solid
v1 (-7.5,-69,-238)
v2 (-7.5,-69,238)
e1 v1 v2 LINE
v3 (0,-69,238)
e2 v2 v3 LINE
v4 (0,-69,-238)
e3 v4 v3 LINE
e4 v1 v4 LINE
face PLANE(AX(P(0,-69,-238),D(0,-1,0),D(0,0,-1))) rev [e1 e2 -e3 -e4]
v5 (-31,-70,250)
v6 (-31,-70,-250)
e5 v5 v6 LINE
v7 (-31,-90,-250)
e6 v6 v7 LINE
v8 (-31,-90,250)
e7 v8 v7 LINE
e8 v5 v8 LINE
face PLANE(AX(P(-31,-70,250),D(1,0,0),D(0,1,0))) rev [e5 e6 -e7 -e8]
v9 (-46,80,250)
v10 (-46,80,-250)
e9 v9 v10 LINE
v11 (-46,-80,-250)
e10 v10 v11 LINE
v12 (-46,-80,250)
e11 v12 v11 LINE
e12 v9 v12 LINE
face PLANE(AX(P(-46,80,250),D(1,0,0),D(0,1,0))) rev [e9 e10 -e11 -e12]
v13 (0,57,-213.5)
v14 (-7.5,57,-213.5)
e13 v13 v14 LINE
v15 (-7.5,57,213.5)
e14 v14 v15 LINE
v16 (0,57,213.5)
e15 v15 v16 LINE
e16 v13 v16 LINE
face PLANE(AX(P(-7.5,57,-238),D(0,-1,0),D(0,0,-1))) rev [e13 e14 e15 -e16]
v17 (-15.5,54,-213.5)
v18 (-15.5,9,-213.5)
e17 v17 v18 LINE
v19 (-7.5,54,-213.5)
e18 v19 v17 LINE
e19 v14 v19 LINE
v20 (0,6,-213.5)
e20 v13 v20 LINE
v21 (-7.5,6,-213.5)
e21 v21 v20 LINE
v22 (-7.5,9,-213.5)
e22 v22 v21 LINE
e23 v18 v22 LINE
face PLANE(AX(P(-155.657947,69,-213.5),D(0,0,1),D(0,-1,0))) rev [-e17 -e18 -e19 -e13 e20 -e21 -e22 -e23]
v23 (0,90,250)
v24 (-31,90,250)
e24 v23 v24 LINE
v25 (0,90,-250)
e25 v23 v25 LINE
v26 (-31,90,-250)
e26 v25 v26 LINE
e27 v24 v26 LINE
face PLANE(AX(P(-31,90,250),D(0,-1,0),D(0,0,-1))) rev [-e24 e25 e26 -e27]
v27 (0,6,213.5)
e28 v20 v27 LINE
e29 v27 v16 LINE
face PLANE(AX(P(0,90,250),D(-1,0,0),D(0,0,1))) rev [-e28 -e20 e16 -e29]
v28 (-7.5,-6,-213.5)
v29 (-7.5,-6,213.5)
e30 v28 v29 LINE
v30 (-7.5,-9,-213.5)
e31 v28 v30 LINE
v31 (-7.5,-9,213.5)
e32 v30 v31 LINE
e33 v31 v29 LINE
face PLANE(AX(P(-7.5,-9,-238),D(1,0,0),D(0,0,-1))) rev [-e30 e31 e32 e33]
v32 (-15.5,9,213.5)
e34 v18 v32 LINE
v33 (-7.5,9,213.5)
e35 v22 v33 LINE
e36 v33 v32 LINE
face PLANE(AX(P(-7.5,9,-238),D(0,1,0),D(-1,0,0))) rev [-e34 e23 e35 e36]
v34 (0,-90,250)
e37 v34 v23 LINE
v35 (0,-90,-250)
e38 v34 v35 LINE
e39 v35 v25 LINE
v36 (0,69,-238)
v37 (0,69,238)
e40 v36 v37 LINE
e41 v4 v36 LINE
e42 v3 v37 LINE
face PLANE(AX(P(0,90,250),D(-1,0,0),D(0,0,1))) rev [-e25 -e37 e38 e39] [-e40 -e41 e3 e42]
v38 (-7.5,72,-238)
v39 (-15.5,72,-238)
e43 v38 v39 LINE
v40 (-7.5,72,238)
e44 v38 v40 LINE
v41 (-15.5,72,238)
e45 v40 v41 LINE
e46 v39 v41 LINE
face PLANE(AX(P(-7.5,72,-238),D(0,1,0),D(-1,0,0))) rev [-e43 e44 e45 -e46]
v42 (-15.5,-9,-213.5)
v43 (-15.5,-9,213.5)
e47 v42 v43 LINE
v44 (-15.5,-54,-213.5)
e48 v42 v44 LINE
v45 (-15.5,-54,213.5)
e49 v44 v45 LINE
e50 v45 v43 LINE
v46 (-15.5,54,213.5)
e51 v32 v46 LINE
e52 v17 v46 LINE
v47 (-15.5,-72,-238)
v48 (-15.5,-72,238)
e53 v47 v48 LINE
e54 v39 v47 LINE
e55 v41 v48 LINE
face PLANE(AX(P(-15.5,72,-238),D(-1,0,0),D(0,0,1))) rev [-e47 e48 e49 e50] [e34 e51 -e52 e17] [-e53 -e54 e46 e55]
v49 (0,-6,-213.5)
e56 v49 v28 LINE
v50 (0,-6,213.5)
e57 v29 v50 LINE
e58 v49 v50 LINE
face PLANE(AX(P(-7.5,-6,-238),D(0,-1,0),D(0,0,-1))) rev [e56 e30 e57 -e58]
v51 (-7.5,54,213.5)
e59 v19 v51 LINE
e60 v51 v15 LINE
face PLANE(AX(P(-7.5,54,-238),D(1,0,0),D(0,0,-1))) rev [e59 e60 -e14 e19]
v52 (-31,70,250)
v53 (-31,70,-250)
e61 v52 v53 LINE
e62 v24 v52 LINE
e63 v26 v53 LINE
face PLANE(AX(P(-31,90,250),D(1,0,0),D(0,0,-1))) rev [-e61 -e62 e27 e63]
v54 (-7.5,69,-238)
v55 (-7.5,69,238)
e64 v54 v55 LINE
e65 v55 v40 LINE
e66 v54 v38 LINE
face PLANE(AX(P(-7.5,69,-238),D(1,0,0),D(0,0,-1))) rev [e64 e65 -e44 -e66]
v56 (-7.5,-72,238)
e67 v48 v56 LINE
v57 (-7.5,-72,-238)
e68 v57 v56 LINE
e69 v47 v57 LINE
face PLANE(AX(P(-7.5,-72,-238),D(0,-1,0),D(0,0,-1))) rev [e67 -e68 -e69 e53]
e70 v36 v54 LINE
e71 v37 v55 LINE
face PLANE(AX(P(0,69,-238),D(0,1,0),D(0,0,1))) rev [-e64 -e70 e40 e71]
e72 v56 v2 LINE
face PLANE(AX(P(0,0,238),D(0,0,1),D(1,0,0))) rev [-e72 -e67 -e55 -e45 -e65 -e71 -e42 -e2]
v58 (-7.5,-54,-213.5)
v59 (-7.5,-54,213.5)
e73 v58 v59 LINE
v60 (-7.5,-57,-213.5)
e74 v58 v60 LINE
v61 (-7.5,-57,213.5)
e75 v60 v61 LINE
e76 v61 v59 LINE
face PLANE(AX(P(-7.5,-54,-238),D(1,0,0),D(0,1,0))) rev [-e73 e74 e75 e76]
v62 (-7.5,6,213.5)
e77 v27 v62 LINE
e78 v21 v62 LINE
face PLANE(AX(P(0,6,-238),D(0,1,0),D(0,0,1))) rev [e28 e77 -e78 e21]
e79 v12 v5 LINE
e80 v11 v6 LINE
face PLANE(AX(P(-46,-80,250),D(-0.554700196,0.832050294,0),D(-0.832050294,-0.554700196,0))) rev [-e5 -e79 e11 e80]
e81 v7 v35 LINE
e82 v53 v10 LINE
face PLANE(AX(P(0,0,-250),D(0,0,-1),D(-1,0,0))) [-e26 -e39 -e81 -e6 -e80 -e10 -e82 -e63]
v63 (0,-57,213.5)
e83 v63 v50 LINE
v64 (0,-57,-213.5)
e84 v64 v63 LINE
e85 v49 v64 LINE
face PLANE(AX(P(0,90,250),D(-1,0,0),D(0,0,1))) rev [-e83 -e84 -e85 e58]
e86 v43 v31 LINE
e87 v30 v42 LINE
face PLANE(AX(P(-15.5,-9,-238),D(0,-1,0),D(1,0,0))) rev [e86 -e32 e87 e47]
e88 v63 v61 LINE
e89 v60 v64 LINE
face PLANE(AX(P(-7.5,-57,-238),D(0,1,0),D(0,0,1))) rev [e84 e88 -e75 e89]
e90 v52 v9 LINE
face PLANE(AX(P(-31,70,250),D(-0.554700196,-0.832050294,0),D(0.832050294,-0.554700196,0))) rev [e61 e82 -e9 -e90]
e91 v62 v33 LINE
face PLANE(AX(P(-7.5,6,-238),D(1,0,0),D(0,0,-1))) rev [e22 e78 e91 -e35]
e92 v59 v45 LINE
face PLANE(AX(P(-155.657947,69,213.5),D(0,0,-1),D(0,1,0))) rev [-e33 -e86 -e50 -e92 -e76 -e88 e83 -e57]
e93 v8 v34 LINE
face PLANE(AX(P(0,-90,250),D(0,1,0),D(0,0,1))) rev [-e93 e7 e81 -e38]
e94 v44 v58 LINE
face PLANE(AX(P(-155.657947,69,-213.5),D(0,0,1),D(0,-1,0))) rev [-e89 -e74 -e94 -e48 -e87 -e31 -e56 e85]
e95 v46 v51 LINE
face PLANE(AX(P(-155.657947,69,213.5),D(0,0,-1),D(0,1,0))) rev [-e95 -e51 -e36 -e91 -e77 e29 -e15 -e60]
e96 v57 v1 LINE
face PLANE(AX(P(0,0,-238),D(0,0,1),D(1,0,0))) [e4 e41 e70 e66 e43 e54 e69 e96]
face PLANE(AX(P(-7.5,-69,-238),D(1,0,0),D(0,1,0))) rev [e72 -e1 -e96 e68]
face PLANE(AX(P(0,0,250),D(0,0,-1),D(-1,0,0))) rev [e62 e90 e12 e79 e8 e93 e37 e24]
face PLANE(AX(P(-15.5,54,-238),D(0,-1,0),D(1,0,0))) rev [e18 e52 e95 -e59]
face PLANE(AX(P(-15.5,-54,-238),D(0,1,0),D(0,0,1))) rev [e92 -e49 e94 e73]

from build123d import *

# Parameters (mm, degrees)
BOSS_EXTRUDE1_DEPTH = 250
CUT_EXTRUDE1_DEPTH  = 238
SKETCH3_W           = 24.5
SKETCH3_H           = 138
CUT_EXTRUDE2_DEPTH  = 15.5


with BuildPart() as part:
    # Sketch1 → Boss-Extrude1 (new body, symmetric)
    with BuildSketch(Plane.XY):
        Polygon((-46, 80), (-46, -80), (-31, -70), (-31, -90), (0, -90), (0, 90), (-31, 90), (-31, 70), align=None)
    extrude(amount=BOSS_EXTRUDE1_DEPTH, both=True)

    # Sketch2 → Cut-Extrude1 (cut, symmetric)
    with BuildSketch(Plane.XY):
        Polygon((0, 69), (-7.5, 69), (-7.5, 72), (-15.5, 72), (-15.5, 54), (-7.5, 54), (-7.5, 57), (0, 57), align=None)
        Polygon((0, 6), (-7.5, 6), (-7.5, 9), (-15.5, 9), (-15.5, -9), (-7.5, -9), (-7.5, -6), (0, -6), align=None)
        Polygon((0, -69), (-7.5, -69), (-7.5, -72), (-15.5, -72), (-15.5, -54), (-7.5, -54), (-7.5, -57), (0, -57), align=None)
    extrude(amount=CUT_EXTRUDE1_DEPTH, both=True, mode=Mode.SUBTRACT)

    # Sketch3 → Cut-Extrude2 (cut)
    with BuildSketch(Plane(origin=(0, 0, 0), x_dir=(0, 0, -1), z_dir=(1, 0, 0))):
        with Locations((-225.75, 0)):
            Rectangle(SKETCH3_W, SKETCH3_H)
        with Locations((225.75, 0)):
            Rectangle(SKETCH3_W, SKETCH3_H)
    extrude(amount=-CUT_EXTRUDE2_DEPTH, mode=Mode.SUBTRACT)


solid = part.part
